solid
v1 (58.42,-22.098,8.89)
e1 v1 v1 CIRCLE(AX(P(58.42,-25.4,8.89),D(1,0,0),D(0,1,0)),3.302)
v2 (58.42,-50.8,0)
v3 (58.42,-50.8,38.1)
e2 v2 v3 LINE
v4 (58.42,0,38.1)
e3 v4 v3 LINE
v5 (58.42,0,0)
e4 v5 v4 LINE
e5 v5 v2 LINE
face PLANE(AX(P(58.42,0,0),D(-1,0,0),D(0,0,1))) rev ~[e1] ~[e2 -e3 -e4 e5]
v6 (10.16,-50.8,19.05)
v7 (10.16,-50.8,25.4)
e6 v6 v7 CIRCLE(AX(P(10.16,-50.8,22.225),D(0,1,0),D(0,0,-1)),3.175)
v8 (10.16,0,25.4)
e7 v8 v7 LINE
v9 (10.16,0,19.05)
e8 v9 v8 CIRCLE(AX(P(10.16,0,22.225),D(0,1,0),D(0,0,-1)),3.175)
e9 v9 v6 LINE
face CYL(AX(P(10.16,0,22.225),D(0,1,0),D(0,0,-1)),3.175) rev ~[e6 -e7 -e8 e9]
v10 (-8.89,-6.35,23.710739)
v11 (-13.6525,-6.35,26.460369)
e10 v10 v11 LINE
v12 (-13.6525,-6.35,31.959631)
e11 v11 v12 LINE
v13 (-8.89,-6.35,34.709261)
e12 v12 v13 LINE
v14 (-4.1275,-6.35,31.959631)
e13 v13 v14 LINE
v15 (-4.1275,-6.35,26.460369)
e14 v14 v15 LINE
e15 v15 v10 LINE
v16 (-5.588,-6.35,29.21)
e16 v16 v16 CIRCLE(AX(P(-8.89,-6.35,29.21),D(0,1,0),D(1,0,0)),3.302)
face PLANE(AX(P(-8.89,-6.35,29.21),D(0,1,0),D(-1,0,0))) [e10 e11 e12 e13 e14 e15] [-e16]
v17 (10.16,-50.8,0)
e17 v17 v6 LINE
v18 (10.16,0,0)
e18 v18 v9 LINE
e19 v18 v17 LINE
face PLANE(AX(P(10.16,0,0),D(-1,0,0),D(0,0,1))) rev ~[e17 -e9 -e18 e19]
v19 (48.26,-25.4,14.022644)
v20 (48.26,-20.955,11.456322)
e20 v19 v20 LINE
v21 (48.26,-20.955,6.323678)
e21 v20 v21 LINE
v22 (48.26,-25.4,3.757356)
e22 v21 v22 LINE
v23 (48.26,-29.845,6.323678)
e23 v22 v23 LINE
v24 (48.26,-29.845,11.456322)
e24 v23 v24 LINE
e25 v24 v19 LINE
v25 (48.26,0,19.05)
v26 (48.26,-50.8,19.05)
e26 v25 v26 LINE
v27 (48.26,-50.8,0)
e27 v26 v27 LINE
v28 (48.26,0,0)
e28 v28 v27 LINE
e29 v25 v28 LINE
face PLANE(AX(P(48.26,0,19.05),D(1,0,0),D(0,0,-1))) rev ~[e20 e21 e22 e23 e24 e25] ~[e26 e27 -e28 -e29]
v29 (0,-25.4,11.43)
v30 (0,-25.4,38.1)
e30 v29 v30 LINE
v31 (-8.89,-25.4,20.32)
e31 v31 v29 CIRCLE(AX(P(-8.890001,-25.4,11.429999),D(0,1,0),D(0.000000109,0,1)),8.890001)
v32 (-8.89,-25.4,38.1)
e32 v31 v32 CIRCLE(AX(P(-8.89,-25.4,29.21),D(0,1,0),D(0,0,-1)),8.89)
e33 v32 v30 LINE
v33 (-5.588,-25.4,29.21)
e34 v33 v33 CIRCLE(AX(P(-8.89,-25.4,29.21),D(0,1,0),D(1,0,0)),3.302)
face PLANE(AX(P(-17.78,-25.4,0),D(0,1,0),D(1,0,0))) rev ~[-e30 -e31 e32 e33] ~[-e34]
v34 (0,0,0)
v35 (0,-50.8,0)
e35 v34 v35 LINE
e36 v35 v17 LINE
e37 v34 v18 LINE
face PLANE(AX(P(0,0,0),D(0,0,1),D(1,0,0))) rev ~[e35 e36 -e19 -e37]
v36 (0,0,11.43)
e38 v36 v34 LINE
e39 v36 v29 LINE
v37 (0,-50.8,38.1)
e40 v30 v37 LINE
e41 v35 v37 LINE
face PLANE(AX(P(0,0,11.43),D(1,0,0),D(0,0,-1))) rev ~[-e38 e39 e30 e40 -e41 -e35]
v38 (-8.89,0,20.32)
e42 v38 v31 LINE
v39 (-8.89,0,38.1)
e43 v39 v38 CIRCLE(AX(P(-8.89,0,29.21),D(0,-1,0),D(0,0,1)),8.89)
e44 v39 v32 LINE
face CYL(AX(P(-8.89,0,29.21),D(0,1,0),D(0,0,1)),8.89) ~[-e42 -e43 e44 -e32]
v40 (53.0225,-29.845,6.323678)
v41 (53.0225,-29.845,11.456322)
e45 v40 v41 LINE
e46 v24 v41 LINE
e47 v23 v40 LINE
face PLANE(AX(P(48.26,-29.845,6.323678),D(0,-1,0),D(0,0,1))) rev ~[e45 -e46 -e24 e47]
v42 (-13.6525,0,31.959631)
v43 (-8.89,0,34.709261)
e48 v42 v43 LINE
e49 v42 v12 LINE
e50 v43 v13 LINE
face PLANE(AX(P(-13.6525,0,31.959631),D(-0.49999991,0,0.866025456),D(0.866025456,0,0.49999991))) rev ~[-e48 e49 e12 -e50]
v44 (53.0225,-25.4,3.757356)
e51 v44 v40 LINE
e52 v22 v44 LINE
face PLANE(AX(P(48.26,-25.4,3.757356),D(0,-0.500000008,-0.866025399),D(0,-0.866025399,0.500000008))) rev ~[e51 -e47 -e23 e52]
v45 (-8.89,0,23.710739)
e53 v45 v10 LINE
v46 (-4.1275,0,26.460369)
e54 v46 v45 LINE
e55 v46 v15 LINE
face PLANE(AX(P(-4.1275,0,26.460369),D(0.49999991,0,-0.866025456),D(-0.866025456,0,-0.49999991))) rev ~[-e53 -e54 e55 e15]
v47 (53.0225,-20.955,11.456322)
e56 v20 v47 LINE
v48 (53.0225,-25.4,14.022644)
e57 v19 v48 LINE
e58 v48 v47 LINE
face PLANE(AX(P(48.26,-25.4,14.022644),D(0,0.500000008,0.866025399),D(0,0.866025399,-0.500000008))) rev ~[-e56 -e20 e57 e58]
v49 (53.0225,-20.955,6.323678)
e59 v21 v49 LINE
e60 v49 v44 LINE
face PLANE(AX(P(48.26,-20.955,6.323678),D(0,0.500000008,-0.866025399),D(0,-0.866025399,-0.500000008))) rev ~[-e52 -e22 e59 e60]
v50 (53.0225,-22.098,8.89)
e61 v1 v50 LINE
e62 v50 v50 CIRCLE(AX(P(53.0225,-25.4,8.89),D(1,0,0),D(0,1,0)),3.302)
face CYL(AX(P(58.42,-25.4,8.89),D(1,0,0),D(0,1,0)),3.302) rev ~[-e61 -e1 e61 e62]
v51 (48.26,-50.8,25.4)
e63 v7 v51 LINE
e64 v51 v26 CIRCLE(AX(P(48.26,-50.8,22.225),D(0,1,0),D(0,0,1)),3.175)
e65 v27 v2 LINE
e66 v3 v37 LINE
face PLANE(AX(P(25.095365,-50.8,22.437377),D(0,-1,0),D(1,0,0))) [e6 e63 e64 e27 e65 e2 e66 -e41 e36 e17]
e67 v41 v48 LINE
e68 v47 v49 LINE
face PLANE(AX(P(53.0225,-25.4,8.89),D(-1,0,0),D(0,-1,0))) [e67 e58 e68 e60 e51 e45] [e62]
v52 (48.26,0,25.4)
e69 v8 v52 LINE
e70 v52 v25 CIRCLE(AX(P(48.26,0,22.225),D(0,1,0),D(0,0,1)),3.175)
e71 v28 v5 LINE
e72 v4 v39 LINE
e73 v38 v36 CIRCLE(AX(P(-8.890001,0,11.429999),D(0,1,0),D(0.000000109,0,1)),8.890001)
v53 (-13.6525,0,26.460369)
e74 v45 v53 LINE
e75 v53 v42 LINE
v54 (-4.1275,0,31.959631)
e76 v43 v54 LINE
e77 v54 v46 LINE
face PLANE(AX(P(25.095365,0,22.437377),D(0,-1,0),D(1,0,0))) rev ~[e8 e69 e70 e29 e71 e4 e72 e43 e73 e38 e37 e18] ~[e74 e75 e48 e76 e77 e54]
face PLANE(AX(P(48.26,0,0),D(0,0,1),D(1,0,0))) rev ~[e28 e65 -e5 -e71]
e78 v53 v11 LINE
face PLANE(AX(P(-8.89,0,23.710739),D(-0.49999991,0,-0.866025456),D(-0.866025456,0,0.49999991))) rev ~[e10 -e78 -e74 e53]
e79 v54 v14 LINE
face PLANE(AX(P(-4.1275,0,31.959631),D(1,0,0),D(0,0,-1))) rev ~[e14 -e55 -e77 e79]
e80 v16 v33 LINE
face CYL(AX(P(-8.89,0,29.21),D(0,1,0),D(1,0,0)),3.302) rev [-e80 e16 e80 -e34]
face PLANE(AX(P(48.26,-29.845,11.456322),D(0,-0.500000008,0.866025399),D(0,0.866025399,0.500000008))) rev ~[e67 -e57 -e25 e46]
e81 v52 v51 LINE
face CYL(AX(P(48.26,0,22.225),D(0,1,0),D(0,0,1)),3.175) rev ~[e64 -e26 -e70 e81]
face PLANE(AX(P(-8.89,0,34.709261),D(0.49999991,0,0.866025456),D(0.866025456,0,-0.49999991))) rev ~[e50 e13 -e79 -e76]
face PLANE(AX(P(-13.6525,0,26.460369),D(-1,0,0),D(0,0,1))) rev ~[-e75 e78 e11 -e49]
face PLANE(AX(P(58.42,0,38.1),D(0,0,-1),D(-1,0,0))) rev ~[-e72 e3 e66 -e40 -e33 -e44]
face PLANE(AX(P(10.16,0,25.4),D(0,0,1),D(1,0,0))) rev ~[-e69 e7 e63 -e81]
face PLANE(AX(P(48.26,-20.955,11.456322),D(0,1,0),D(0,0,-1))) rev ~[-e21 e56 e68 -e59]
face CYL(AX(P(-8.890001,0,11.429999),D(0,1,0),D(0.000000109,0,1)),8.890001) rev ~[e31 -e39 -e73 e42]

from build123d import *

# Parameters (mm, degrees)
F0_R     = 3.302
F1_DEPTH = 50.8
F3_DEPTH = 38.101
F4_R     = 3.302
F5_DEPTH = 6.35
F6_R     = 3.302
F7_DEPTH = 10.16
F9_DEPTH = 4.7625


with BuildPart() as f1:
    # F0 (on Front) → F1 (new body)
    with BuildSketch(Plane.XZ):
        with BuildLine():
            Line((0, 11.43), (0, 0))
            Line((0, 0), (10.16, 0))
            Line((10.16, 0), (10.16, 19.05))
            ThreePointArc((10.16, 19.05), (6.985, 22.225), (10.16, 25.4))
            Line((10.16, 25.4), (48.26, 25.4))
            ThreePointArc((48.26, 25.4), (51.435, 22.225), (48.26, 19.05))
            Line((48.26, 19.05), (48.26, 0))
            Line((48.26, 0), (58.42, 0))
            Line((58.42, 0), (58.42, 38.1))
            Line((58.42, 38.1), (-8.89, 38.1))
            ThreePointArc((-8.89, 38.1), (-17.78, 29.21), (-8.89, 20.32))
            ThreePointArc((-8.89, 20.32), (-2.603821, 17.716179), (0, 11.43))
        make_face()
        with Locations((-8.89, 29.21)):
            Circle(F0_R, mode=Mode.SUBTRACT)
    extrude(amount=F1_DEPTH)

    # F2 (on face) → F3 (cut, through all)
    with BuildSketch(Plane(origin=(0, 0, 0), x_dir=(1, 0, 0), z_dir=(0, 0, -1))):
        Polygon((0, 50.8), (-8.89, 50.8), (-17.78, 50.8), (-17.78, 25.4), (0, 25.4), align=None)
    extrude(amount=-F3_DEPTH, mode=Mode.SUBTRACT)

    # F4 (on face) → F5 (cut)
    with BuildSketch(Plane(origin=(0, 0, 0), x_dir=(-1, 0, 0), z_dir=(0, 1, 0))):
        Polygon((13.6525, 26.460369), (13.6525, 31.959631), (8.89, 34.709261), (4.1275, 31.959631), (4.1275, 26.460369), (8.89, 23.710739), align=None)
        with Locations((8.89, 29.21)):
            Circle(F4_R, mode=Mode.SUBTRACT)
    extrude(amount=-F5_DEPTH, mode=Mode.SUBTRACT)

    # F6 (on face) → F7 (cut, through all)
    with BuildSketch(Plane.YZ.offset(58.42)):
        with Locations((-25.4, 8.89)):
            Circle(F6_R)
    extrude(amount=-F7_DEPTH, mode=Mode.SUBTRACT)

    # F8 (on face) → F9 (cut)
    with BuildSketch(Plane(origin=(48.26, 0, 0), x_dir=(0, -1, 0), z_dir=(-1, 0, 0))):
        Polygon((29.845, 11.456322), (25.4, 14.022644), (20.955, 11.456322), (20.955, 6.323678), (25.4, 3.757356), (29.845, 6.323678), align=None)
    extrude(amount=-F9_DEPTH, mode=Mode.SUBTRACT)


solid = f1.part
